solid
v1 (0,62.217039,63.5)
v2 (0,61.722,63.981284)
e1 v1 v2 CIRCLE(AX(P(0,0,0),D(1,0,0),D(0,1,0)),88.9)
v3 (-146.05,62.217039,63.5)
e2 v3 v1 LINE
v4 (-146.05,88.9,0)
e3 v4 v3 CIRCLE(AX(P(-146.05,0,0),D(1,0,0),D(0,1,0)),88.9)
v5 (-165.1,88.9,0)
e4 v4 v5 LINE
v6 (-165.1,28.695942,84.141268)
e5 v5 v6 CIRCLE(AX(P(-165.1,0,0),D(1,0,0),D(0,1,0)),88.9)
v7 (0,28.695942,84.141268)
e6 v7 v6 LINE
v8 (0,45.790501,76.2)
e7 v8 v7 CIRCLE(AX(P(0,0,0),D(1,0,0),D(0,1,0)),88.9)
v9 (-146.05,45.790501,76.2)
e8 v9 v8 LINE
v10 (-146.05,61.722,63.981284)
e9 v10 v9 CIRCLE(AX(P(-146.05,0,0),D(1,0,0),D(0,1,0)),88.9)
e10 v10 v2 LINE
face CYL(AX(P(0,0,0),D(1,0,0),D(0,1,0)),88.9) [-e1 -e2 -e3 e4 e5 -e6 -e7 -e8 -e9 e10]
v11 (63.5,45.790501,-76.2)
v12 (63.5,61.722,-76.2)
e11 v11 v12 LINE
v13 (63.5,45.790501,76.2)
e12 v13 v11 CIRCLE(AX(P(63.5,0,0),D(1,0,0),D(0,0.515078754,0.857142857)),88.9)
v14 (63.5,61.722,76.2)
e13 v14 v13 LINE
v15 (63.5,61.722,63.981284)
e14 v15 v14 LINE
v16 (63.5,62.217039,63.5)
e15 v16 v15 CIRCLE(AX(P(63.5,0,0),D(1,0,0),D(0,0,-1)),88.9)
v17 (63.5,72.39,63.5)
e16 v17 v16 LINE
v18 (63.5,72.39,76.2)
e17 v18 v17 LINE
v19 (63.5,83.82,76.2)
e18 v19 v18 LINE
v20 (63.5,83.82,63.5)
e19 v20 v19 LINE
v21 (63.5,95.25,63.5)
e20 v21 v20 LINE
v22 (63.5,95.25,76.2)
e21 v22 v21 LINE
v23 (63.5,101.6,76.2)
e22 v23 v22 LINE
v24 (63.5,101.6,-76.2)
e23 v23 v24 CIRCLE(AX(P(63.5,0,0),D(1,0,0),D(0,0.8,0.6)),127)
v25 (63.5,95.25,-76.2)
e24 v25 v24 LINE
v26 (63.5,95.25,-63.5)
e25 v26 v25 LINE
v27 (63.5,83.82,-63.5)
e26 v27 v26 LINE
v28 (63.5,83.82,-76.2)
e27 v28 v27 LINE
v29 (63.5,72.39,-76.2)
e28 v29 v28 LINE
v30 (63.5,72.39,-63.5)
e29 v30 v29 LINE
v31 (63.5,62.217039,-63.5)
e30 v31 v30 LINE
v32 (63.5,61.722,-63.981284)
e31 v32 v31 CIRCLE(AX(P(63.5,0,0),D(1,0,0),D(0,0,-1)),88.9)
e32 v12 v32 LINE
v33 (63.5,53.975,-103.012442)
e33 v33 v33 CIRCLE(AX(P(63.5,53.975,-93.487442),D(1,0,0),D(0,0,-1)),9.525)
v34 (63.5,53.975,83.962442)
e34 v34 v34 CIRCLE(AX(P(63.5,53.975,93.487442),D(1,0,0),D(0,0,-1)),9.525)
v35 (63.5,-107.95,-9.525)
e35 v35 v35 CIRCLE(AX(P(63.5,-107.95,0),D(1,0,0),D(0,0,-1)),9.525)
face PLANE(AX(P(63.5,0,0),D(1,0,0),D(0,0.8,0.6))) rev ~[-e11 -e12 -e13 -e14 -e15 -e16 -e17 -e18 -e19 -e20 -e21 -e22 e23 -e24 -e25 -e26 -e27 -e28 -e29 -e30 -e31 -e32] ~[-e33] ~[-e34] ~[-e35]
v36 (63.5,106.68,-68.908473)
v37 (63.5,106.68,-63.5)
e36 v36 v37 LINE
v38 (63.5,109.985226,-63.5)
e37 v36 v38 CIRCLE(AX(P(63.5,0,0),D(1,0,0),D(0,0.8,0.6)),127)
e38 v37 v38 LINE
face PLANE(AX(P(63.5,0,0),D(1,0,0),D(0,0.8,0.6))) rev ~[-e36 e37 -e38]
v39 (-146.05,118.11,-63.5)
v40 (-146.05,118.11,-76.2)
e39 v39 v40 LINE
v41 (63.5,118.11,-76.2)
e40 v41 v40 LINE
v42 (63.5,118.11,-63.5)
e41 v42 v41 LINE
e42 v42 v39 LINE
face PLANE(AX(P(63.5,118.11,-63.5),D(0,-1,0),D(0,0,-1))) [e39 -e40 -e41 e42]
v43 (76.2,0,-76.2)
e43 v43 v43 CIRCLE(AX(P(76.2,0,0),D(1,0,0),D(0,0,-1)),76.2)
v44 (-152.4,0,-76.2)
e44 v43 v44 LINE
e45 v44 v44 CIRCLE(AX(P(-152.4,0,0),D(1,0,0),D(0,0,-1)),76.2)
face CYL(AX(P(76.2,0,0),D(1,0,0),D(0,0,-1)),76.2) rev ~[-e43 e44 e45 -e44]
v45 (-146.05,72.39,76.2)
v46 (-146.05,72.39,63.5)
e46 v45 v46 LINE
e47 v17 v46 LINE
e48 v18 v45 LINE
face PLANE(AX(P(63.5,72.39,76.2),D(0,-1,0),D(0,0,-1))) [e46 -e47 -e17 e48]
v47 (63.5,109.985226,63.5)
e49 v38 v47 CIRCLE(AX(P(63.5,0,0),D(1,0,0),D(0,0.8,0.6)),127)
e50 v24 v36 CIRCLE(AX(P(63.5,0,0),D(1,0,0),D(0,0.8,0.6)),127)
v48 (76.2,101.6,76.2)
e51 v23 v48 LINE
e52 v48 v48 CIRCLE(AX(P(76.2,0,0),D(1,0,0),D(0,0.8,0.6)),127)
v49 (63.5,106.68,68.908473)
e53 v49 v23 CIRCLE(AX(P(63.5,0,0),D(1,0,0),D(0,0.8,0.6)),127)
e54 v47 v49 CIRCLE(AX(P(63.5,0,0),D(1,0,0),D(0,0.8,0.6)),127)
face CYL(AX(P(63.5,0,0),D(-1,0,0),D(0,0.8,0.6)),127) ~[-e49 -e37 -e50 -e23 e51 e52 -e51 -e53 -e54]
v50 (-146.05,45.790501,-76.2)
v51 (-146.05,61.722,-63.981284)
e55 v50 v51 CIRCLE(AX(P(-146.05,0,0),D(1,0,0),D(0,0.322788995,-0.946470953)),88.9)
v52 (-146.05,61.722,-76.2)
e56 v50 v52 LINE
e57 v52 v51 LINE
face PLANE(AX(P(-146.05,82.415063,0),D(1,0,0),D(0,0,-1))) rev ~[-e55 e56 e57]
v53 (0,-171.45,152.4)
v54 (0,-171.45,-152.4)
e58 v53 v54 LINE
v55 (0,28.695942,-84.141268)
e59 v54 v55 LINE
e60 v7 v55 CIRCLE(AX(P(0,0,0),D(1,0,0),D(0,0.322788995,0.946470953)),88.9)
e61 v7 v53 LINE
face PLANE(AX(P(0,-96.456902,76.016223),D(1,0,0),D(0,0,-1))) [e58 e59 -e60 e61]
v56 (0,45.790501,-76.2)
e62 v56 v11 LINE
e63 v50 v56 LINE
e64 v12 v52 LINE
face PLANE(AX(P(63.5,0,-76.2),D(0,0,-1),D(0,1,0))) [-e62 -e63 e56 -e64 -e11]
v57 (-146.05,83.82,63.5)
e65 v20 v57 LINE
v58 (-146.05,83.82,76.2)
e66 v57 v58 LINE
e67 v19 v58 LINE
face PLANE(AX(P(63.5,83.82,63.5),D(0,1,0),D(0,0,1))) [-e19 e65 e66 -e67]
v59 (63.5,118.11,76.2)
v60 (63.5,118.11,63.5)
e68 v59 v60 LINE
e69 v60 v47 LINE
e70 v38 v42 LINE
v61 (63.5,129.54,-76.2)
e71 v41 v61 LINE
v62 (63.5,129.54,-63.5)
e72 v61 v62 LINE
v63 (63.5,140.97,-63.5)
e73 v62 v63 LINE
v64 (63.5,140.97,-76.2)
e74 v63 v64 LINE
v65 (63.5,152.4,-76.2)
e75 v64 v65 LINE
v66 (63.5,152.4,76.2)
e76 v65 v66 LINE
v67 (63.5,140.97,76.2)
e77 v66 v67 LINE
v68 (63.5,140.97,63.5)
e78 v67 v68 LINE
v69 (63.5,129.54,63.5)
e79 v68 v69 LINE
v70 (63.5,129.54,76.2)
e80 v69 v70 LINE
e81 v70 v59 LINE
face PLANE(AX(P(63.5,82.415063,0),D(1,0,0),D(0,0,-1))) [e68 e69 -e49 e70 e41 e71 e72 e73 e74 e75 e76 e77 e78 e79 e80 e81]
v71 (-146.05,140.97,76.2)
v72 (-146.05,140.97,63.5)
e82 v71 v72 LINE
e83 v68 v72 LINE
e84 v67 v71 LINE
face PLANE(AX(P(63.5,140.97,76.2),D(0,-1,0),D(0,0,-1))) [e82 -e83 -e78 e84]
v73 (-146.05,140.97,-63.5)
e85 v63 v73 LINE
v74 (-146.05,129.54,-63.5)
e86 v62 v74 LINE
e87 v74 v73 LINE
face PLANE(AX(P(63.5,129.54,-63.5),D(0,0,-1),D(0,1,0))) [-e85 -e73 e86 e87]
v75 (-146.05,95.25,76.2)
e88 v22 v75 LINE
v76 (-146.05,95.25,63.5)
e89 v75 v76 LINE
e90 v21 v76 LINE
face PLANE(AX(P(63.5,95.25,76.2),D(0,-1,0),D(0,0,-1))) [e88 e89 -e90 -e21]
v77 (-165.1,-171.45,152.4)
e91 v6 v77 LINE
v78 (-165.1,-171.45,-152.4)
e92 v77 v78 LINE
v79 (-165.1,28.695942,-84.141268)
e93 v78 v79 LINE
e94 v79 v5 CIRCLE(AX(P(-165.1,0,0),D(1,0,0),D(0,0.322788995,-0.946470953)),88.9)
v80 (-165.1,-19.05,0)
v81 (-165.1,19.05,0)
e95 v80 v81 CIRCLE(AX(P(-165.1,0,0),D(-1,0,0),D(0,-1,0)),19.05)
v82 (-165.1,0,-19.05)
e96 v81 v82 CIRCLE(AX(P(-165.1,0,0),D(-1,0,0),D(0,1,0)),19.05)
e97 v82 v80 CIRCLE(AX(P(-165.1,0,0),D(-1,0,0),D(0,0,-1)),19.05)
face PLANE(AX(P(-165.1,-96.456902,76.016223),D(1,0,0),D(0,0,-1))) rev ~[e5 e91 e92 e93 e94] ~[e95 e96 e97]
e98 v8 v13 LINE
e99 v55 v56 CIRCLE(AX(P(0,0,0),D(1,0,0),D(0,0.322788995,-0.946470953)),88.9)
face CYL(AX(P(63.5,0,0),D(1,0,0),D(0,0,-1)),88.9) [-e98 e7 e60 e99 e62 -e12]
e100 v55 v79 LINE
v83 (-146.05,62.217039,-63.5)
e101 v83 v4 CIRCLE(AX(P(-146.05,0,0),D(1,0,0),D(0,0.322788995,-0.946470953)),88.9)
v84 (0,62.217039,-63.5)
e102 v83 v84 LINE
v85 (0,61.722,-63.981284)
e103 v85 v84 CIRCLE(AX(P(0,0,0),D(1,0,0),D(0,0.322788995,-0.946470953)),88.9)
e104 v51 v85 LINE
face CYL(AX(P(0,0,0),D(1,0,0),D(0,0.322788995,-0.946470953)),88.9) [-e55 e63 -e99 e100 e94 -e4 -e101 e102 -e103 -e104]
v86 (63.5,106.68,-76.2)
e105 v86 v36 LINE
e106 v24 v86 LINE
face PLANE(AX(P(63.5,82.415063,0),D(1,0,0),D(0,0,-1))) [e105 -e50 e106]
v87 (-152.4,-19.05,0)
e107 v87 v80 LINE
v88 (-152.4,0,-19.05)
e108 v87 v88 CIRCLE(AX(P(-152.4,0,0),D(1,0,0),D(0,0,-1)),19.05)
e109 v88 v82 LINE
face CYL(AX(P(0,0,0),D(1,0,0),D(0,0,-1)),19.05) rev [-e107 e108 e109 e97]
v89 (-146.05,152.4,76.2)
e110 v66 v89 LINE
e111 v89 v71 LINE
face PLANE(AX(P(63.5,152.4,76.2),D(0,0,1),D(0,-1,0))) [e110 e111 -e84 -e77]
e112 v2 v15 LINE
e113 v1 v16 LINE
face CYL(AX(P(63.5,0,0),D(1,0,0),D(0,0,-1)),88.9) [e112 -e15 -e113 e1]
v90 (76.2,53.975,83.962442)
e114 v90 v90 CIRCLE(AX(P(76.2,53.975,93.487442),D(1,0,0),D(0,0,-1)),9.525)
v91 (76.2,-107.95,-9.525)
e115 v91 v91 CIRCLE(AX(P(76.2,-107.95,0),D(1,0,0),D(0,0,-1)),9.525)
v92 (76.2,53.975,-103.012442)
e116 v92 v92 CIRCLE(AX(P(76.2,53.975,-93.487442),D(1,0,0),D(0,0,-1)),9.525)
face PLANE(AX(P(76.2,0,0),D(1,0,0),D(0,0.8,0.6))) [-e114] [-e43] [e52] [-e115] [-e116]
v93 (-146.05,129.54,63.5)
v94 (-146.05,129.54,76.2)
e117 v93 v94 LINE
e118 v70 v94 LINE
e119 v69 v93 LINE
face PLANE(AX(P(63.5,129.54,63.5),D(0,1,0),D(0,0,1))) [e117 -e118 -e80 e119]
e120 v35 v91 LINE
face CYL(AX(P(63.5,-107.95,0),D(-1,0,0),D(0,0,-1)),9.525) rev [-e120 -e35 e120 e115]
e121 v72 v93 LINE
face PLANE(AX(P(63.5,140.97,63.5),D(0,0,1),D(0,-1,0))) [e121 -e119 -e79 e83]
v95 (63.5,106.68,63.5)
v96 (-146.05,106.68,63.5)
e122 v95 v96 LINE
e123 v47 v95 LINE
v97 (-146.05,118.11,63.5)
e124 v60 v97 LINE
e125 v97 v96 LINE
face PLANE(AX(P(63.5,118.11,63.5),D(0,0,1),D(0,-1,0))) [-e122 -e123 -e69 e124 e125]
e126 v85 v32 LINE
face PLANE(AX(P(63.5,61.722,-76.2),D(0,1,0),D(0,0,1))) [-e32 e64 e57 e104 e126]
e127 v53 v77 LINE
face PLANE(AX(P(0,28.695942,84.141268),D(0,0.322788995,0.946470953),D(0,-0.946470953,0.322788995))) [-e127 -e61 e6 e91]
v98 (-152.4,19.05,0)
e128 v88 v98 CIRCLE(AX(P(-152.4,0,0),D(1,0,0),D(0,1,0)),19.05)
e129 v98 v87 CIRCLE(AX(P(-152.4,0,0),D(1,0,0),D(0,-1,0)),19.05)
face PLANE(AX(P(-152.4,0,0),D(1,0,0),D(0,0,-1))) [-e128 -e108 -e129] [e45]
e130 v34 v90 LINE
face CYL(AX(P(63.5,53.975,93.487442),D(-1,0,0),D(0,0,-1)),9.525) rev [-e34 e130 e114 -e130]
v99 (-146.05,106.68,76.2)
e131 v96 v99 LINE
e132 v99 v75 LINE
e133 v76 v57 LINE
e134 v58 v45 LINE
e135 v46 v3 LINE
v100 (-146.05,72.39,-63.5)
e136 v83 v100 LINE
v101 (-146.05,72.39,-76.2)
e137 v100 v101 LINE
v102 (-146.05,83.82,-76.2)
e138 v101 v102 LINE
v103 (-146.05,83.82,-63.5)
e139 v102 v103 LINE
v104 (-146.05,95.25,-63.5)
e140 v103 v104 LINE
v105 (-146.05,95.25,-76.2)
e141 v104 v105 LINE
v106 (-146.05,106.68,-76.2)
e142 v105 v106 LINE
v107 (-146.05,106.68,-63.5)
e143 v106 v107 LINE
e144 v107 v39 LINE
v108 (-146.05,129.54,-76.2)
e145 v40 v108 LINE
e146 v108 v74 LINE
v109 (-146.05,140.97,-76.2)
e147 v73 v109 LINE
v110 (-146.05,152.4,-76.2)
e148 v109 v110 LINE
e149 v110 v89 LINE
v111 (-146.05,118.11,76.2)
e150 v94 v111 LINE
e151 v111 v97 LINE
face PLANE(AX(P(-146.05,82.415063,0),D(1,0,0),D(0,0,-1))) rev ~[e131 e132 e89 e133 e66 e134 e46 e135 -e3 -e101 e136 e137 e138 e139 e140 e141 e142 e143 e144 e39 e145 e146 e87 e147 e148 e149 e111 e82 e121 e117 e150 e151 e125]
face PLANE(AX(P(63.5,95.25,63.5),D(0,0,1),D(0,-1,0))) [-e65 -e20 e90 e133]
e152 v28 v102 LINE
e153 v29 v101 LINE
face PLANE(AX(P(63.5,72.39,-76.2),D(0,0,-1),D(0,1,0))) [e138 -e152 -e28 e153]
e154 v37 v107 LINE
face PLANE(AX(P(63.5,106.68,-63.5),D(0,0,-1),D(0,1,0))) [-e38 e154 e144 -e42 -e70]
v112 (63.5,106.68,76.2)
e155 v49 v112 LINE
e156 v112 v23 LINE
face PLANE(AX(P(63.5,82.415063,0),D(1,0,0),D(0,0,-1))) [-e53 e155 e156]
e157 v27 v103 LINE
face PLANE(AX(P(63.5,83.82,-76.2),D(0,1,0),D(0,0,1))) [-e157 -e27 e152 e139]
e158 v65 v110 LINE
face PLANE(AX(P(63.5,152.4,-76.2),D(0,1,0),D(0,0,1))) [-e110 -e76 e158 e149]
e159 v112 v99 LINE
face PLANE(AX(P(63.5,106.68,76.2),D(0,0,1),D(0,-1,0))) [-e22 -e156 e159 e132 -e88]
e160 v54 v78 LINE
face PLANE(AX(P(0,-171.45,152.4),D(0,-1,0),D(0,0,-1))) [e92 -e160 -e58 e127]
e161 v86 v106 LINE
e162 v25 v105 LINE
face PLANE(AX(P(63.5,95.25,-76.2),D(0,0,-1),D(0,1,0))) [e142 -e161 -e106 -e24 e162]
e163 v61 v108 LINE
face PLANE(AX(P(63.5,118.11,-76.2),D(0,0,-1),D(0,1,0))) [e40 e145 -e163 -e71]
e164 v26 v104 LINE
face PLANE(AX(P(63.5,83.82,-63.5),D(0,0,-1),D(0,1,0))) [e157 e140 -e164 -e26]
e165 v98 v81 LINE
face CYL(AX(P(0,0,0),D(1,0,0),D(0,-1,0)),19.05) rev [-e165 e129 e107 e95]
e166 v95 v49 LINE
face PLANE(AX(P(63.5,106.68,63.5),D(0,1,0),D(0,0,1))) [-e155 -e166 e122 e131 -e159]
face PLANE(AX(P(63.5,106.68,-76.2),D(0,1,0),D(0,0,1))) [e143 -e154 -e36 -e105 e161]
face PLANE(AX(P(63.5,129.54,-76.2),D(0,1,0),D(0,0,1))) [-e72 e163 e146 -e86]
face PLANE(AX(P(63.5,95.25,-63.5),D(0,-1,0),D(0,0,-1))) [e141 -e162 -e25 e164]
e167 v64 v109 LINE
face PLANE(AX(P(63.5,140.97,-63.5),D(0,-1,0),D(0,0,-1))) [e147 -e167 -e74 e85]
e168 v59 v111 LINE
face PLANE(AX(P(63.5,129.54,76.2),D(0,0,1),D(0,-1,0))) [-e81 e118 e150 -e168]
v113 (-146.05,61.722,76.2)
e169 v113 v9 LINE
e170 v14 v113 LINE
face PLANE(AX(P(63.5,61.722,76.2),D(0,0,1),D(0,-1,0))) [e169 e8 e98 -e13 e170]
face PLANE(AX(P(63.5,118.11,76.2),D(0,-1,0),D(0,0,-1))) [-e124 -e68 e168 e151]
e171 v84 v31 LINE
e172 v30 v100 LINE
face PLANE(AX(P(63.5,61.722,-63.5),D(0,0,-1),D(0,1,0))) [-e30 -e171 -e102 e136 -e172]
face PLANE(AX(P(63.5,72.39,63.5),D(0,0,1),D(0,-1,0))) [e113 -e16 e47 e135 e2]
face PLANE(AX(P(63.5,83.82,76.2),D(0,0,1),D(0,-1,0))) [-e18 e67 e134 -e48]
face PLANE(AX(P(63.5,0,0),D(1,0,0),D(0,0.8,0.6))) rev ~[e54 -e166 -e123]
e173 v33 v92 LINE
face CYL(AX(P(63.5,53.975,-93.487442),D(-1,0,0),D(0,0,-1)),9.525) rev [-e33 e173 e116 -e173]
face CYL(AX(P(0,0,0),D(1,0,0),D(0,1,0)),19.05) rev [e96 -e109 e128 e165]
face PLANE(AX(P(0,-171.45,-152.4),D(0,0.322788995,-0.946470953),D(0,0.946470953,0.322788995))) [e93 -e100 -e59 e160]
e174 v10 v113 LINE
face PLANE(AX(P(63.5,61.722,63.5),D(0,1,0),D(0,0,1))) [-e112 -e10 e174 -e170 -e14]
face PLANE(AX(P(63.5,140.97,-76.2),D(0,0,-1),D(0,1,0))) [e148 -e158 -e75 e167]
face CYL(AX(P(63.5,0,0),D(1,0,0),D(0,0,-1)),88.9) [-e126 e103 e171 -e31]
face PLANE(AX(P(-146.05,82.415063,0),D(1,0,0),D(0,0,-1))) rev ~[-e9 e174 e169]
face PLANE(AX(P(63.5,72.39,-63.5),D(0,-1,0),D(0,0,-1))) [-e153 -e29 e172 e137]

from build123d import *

# Parameters (mm, degrees)
BOSS_EXTRUDE1_DEPTH = 165.1
BOSS_EXTRUDE2_START = 63.5
SKETCH3_R           = 88.9
SKETCH3_R_2         = 16.51
BOSS_EXTRUDE2_DEPTH = 63.5
BOSS_EXTRUDE3_START = 63.5
BOSS_EXTRUDE3_DEPTH = 209.55
SKETCH7_R           = 127
SKETCH7_R_2         = 9.525
BOSS_EXTRUDE4_DEPTH = 12.7
SKETCH8_R           = 76.2
CUT_EXTRUDE1_DEPTH  = 228.6


with BuildPart() as part:
    # Sketch2 → Boss-Extrude1 (new body)
    with BuildSketch(Plane(origin=(0, 0, 0), x_dir=(0, 0, -1), z_dir=(1, 0, 0))):
        with BuildLine():
            Line((-84.14126771, 28.695941668), (-152.4, -171.45))
            Line((-152.4, -171.45), (0, -171.45))
            Line((0, -171.45), (0, -88.9))
            ThreePointArc((0, -88.9), (-72.298959931, -51.730749007), (-84.14126771, 28.695941668))
        make_face()
        with BuildLine():
            Line((0, -88.9), (0, -171.45))
            Line((0, -171.45), (152.4, -171.45))
            Line((152.4, -171.45), (84.14126771, 28.695941668))
            ThreePointArc((84.14126771, 28.695941668), (87.702248259, 14.543921421), (88.9, 0))
            ThreePointArc((88.9, 0), (62.861792847, -62.861792847), (0, -88.9))
        make_face()
        with BuildLine():
            ThreePointArc((0, 88.9), (-51.730749007, 72.298959931), (-84.14126771, 28.695941668))
            ThreePointArc((-84.14126771, 28.695941668), (-72.298959931, -51.730749007), (0, -88.9))
            Line((0, -88.9), (0, -19.05))
            ThreePointArc((0, -19.05), (-19.05, 0), (0, 19.05))
            Line((0, 19.05), (0, 88.9))
        make_face()
        with BuildLine():
            Line((0, -19.05), (0, -88.9))
            ThreePointArc((0, -88.9), (62.861792847, -62.861792847), (88.9, 0))
            ThreePointArc((88.9, 0), (87.702248259, 14.543921421), (84.14126771, 28.695941668))
            ThreePointArc((84.14126771, 28.695941668), (51.730749007, 72.298959931), (0, 88.9))
            Line((0, 88.9), (0, 19.05))
            ThreePointArc((0, 19.05), (13.470384182, 13.470384182), (19.05, 0))
            ThreePointArc((19.05, 0), (13.470384182, -13.470384182), (0, -19.05))
        make_face()
    extrude(amount=-BOSS_EXTRUDE1_DEPTH)

    # Sketch3 → Boss-Extrude2 (add)
    with BuildSketch(Plane(origin=(0, 0, 0), x_dir=(0, 0, -1), z_dir=(1, 0, 0)).offset(BOSS_EXTRUDE2_START)):
        Circle(SKETCH3_R)
        Circle(SKETCH3_R_2, mode=Mode.SUBTRACT)
    extrude(amount=-BOSS_EXTRUDE2_DEPTH)

    # Sketch6 → Boss-Extrude3 (add)
    with BuildSketch(Plane(origin=(0, 0, 0), x_dir=(0, 0, -1), z_dir=(1, 0, 0)).offset(BOSS_EXTRUDE3_START)):
        Polygon((76.2, 152.4), (-76.2, 152.4), (-76.2, 140.97), (-63.5, 140.97), (-63.5, 129.54), (-76.2, 129.54), (-76.2, 118.11), (-63.5, 118.11), (-63.5, 106.68), (-76.2, 106.68), (-76.2, 95.25), (-63.5, 95.25), (-63.5, 83.82), (-76.2, 83.82), (-76.2, 72.39), (-63.5, 72.39), (-63.5, 61.722), (-76.2, 61.722), (-76.2, 0), (76.2, 0), (76.2, 61.722), (63.5, 61.722), (63.5, 72.39), (76.2, 72.39), (76.2, 83.82), (63.5, 83.82), (63.5, 95.25), (76.2, 95.25), (76.2, 106.68), (63.5, 106.68), (63.5, 118.11), (76.2, 118.11), (76.2, 129.54), (63.5, 129.54), (63.5, 140.97), (76.2, 140.97), align=None)
    extrude(amount=-BOSS_EXTRUDE3_DEPTH)

    # Sketch7 → Boss-Extrude4 (add)
    with BuildSketch(Plane(origin=(63.5, 0, 0), x_dir=(0, 0, -1), z_dir=(1, 0, 0))):
        with Locations(Location((0, 0, 0), (0, 0, 126.869897646))):
            Circle(SKETCH7_R)
        with Locations((0, -107.95)):
            Circle(SKETCH7_R_2, mode=Mode.SUBTRACT)
        with Locations((-93.487442339, 53.975)):
            Circle(SKETCH7_R_2, mode=Mode.SUBTRACT)
        with Locations((93.487442339, 53.975)):
            Circle(SKETCH7_R_2, mode=Mode.SUBTRACT)
    extrude(amount=BOSS_EXTRUDE4_DEPTH)

    # Sketch8 → Cut-Extrude1 (cut)
    with BuildSketch(Plane(origin=(76.2, 0, 0), x_dir=(0, 0, -1), z_dir=(1, 0, 0))):
        Circle(SKETCH8_R)
    extrude(amount=-CUT_EXTRUDE1_DEPTH, mode=Mode.SUBTRACT)


solid = part.part
